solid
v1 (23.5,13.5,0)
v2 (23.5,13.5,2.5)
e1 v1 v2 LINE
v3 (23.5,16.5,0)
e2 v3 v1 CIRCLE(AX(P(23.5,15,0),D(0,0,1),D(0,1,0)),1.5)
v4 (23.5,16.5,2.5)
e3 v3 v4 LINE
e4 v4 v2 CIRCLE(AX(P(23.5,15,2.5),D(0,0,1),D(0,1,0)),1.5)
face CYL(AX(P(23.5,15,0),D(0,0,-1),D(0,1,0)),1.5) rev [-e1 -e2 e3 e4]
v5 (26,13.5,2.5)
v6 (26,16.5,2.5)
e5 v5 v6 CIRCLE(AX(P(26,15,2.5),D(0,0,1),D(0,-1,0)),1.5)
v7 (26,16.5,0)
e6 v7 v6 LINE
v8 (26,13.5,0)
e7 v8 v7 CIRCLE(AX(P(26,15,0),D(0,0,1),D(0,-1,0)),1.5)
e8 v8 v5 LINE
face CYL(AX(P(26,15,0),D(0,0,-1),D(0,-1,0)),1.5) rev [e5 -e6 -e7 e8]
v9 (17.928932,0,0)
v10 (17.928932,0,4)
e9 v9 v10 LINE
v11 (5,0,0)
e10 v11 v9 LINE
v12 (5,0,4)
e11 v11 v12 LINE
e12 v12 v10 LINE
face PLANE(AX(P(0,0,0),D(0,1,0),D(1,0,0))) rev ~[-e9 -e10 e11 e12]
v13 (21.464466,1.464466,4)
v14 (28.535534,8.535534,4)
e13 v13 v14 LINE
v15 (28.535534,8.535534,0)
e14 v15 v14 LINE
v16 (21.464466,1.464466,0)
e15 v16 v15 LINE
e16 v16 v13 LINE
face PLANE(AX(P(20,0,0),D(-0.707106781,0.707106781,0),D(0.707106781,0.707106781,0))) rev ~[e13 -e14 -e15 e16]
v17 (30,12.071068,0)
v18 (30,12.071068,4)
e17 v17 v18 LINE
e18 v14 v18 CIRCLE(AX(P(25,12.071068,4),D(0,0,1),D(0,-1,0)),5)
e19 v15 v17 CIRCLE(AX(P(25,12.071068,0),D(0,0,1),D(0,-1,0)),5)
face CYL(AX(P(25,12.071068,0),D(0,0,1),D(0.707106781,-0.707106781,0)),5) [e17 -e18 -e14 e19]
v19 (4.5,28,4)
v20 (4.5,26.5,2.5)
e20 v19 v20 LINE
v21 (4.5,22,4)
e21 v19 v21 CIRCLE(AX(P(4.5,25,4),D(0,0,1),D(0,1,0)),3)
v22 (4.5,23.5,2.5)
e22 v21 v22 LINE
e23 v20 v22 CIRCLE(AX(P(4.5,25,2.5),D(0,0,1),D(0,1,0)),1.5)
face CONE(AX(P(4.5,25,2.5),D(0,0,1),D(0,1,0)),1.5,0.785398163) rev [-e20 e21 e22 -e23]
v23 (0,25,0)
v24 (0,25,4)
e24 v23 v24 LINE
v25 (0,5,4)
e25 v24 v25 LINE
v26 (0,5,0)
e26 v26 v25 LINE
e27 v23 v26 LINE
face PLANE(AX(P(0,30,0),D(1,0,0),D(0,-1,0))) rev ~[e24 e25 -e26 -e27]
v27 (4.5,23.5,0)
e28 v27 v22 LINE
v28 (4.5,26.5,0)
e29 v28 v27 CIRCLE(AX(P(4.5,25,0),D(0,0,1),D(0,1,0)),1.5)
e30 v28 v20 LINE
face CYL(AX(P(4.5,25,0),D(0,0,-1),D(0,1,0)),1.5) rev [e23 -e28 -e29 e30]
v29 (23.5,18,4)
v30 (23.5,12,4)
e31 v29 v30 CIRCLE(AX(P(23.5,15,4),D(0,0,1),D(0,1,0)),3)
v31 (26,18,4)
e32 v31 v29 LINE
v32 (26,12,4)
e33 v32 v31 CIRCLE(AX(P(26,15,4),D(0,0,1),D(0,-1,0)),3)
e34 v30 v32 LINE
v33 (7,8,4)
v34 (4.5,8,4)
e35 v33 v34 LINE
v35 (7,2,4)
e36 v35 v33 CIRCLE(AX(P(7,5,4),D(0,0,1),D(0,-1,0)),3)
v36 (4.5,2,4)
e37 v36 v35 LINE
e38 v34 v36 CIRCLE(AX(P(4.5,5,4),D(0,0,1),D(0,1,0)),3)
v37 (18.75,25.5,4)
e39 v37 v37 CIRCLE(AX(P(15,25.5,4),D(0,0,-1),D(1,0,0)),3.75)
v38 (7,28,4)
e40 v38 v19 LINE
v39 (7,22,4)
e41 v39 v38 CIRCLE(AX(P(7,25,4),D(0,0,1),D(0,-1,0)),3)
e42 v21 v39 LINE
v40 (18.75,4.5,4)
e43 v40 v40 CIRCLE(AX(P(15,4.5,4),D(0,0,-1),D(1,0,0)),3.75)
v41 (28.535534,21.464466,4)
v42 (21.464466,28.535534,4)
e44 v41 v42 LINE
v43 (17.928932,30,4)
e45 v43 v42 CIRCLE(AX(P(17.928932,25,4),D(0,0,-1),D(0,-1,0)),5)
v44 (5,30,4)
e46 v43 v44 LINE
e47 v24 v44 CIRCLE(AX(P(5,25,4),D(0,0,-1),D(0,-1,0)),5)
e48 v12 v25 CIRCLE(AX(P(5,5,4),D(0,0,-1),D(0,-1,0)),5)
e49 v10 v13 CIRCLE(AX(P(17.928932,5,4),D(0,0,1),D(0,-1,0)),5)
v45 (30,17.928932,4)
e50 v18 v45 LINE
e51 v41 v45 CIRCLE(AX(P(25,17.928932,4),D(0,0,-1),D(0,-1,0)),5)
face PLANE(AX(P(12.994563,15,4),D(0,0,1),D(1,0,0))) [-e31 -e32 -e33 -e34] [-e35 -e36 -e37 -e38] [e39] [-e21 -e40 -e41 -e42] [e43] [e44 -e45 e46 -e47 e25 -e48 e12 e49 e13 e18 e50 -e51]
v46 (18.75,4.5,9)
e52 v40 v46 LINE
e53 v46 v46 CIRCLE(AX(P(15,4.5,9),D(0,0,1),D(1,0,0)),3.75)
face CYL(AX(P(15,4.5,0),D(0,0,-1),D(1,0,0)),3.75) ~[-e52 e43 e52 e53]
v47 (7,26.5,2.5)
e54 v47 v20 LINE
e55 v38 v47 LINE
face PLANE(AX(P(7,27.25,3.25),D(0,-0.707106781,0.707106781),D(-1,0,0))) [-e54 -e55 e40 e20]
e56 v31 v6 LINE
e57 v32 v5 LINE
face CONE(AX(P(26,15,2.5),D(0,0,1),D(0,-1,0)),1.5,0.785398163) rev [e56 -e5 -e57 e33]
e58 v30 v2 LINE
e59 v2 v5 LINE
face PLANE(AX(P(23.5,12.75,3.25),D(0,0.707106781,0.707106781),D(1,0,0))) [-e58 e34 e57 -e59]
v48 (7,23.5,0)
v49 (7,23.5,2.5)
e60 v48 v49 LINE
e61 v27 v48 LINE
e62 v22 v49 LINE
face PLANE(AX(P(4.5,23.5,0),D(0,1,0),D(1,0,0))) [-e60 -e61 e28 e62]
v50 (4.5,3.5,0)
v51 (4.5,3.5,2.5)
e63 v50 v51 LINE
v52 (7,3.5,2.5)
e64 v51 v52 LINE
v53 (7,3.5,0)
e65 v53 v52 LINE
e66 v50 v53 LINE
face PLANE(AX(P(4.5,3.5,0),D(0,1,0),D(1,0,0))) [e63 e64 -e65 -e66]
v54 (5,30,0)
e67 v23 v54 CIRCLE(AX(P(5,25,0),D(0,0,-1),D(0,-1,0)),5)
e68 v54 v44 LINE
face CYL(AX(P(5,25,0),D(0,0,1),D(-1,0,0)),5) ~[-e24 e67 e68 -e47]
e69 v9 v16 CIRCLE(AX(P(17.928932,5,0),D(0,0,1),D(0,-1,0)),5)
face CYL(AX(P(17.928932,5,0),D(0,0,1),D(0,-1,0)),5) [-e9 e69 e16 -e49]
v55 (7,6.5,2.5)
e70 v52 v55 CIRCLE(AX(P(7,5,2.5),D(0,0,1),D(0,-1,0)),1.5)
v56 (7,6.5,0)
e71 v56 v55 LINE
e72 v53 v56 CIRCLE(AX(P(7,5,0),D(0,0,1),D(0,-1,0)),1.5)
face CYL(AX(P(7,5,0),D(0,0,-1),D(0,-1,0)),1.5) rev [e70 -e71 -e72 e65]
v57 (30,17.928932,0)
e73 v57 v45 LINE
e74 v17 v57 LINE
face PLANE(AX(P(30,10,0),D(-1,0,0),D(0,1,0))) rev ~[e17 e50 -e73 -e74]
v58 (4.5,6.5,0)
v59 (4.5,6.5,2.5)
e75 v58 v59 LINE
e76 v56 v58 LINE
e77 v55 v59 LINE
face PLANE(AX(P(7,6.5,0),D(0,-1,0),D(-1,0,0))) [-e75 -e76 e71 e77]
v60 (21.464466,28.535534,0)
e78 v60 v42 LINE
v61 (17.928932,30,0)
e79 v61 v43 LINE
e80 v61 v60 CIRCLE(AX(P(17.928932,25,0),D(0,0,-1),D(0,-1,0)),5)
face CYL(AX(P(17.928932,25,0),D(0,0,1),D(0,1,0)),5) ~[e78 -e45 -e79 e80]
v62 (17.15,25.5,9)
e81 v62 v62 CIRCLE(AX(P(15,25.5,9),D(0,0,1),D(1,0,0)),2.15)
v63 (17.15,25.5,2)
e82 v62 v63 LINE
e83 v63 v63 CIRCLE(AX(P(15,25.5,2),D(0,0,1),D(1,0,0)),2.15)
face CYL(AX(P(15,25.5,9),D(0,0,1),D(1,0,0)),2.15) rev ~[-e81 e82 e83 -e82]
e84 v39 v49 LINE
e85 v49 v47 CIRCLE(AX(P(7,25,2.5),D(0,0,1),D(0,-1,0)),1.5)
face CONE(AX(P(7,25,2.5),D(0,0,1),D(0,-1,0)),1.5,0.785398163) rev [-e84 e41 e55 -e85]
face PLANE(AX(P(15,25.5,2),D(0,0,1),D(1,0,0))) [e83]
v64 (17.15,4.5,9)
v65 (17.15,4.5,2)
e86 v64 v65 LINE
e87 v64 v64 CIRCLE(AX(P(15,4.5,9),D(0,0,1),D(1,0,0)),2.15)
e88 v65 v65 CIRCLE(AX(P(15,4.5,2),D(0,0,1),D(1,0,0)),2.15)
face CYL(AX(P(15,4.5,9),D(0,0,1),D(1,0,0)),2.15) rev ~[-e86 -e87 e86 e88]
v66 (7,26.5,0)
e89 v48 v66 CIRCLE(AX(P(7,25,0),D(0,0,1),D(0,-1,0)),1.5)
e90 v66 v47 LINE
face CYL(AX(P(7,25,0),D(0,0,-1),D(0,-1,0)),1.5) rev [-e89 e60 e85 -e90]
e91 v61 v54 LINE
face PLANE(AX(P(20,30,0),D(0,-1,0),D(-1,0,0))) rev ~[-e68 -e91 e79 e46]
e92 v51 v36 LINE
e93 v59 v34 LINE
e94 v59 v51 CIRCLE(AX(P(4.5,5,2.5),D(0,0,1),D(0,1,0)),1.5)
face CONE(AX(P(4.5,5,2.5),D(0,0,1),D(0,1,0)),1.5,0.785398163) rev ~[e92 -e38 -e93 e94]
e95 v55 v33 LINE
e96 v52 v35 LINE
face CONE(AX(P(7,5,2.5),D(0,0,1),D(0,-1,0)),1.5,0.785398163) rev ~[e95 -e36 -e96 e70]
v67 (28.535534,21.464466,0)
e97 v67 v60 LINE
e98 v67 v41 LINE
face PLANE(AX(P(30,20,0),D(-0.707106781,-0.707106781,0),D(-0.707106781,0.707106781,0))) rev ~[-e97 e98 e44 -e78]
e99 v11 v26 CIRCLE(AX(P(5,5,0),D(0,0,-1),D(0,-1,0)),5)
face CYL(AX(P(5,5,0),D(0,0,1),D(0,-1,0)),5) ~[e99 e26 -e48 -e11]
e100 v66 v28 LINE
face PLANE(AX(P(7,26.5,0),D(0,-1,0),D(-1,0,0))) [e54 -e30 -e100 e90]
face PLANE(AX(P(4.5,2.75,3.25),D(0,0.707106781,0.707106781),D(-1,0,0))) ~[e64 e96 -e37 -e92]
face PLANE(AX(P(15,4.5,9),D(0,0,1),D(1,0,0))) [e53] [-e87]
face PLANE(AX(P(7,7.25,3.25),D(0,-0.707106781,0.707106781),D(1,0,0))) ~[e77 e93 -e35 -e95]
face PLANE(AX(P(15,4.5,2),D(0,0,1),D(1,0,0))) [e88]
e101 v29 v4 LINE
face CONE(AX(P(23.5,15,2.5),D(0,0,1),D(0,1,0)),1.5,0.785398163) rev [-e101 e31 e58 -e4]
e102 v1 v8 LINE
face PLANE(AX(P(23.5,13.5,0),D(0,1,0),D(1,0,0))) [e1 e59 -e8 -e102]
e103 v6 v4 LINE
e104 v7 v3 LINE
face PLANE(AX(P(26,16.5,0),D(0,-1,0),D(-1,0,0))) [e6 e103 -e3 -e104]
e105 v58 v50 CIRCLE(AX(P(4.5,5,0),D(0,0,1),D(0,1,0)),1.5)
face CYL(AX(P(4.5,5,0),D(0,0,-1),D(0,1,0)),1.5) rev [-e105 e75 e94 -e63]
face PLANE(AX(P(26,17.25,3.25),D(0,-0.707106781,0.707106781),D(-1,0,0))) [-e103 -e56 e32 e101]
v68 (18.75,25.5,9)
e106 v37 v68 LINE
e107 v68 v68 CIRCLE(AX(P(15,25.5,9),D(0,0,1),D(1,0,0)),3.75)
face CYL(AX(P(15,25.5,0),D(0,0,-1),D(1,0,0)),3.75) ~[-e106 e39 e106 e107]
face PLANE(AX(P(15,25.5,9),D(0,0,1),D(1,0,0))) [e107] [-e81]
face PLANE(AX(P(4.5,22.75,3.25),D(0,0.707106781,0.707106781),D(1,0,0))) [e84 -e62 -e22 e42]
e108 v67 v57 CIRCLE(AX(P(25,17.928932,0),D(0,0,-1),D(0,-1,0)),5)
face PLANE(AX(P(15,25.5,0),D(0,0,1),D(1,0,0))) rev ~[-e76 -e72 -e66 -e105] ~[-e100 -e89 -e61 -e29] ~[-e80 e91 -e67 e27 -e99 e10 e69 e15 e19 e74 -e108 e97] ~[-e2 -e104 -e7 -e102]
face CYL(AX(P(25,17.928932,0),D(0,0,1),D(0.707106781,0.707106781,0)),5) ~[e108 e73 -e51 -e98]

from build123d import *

# Parameters (mm, degrees)
PAD_DEPTH       = 4
SKETCH001_R     = 3.75
PAD001_DEPTH    = 9
SKETCH002_R     = 2.15
POCKET_DEPTH    = 7
CHAMFER_SIZE    = 1.5
CHAMFER001_SIZE = 1.5
CHAMFER002_SIZE = 1.5
FILLET_R        = 5
FILLET001_R     = 5


with BuildPart() as part:
    # Sketch → Pad (new body)
    with BuildSketch(Plane.XY):
        Polygon((0, 0), (20, 0), (30, 10), (30, 20), (20, 30), (0, 30), align=None)
        with BuildLine():
            ThreePointArc((4.5, 6.5), (3, 5), (4.5, 3.5))
            Line((4.5, 3.5), (7, 3.5))
            ThreePointArc((7, 3.5), (8.5, 5), (7, 6.5))
            Line((7, 6.5), (4.5, 6.5))
        make_face(mode=Mode.SUBTRACT)
        with BuildLine():
            ThreePointArc((4.5, 26.5), (3, 25), (4.5, 23.5))
            Line((4.5, 23.5), (7, 23.5))
            ThreePointArc((7, 23.5), (8.5, 25), (7, 26.5))
            Line((7, 26.5), (4.5, 26.5))
        make_face(mode=Mode.SUBTRACT)
        with BuildLine():
            ThreePointArc((23.5, 16.5), (22, 15), (23.5, 13.5))
            Line((23.5, 13.5), (26, 13.5))
            ThreePointArc((26, 13.5), (27.5, 15), (26, 16.5))
            Line((26, 16.5), (23.5, 16.5))
        make_face(mode=Mode.SUBTRACT)
    extrude(amount=PAD_DEPTH)

    # Sketch001 → Pad001 (join)
    with BuildSketch(Plane.XY):
        with Locations((15, 25.5)):
            Circle(SKETCH001_R)
        with Locations((15, 4.5)):
            Circle(SKETCH001_R)
    extrude(amount=PAD001_DEPTH)

    # Sketch002 → Pocket (cut)
    with BuildSketch(Plane.XY.offset(9)):
        with Locations((15, 25.5)):
            Circle(SKETCH002_R)
        with Locations((15, 4.5)):
            Circle(SKETCH002_R)
    extrude(amount=-POCKET_DEPTH, mode=Mode.SUBTRACT)

    # Chamfer
    chamfer_edges = [part.edges().sort_by_distance(p)[0] for p in [
        (3, 5, 4),
        (5.75, 6.5, 4),
        (8.5, 5, 4),
        (5.75, 3.5, 4),
    ]]
    chamfer(chamfer_edges, length=CHAMFER_SIZE)

    # Chamfer001
    chamfer001_edges = [part.edges().sort_by_distance(p)[0] for p in [
        (3, 25, 4),
        (5.75, 26.5, 4),
        (8.5, 25, 4),
        (5.75, 23.5, 4),
    ]]
    chamfer(chamfer001_edges, length=CHAMFER001_SIZE)

    # Chamfer002
    chamfer002_edges = [part.edges().sort_by_distance(p)[0] for p in [
        (22, 15, 4),
        (24.75, 16.5, 4),
        (27.5, 15, 4),
        (24.75, 13.5, 4),
    ]]
    chamfer(chamfer002_edges, length=CHAMFER002_SIZE)

    # Fillet
    fillet_edges = [part.edges().sort_by_distance(p)[0] for p in [
        (0, 0, 2),
        (20, 0, 2),
        (30, 10, 2),
    ]]
    fillet(fillet_edges, radius=FILLET_R)

    # Fillet001
    fillet001_edges = [part.edges().sort_by_distance(p)[0] for p in [
        (30, 20, 2),
        (20, 30, 2),
        (0, 30, 2),
    ]]
    fillet(fillet001_edges, radius=FILLET001_R)


solid = part.part
